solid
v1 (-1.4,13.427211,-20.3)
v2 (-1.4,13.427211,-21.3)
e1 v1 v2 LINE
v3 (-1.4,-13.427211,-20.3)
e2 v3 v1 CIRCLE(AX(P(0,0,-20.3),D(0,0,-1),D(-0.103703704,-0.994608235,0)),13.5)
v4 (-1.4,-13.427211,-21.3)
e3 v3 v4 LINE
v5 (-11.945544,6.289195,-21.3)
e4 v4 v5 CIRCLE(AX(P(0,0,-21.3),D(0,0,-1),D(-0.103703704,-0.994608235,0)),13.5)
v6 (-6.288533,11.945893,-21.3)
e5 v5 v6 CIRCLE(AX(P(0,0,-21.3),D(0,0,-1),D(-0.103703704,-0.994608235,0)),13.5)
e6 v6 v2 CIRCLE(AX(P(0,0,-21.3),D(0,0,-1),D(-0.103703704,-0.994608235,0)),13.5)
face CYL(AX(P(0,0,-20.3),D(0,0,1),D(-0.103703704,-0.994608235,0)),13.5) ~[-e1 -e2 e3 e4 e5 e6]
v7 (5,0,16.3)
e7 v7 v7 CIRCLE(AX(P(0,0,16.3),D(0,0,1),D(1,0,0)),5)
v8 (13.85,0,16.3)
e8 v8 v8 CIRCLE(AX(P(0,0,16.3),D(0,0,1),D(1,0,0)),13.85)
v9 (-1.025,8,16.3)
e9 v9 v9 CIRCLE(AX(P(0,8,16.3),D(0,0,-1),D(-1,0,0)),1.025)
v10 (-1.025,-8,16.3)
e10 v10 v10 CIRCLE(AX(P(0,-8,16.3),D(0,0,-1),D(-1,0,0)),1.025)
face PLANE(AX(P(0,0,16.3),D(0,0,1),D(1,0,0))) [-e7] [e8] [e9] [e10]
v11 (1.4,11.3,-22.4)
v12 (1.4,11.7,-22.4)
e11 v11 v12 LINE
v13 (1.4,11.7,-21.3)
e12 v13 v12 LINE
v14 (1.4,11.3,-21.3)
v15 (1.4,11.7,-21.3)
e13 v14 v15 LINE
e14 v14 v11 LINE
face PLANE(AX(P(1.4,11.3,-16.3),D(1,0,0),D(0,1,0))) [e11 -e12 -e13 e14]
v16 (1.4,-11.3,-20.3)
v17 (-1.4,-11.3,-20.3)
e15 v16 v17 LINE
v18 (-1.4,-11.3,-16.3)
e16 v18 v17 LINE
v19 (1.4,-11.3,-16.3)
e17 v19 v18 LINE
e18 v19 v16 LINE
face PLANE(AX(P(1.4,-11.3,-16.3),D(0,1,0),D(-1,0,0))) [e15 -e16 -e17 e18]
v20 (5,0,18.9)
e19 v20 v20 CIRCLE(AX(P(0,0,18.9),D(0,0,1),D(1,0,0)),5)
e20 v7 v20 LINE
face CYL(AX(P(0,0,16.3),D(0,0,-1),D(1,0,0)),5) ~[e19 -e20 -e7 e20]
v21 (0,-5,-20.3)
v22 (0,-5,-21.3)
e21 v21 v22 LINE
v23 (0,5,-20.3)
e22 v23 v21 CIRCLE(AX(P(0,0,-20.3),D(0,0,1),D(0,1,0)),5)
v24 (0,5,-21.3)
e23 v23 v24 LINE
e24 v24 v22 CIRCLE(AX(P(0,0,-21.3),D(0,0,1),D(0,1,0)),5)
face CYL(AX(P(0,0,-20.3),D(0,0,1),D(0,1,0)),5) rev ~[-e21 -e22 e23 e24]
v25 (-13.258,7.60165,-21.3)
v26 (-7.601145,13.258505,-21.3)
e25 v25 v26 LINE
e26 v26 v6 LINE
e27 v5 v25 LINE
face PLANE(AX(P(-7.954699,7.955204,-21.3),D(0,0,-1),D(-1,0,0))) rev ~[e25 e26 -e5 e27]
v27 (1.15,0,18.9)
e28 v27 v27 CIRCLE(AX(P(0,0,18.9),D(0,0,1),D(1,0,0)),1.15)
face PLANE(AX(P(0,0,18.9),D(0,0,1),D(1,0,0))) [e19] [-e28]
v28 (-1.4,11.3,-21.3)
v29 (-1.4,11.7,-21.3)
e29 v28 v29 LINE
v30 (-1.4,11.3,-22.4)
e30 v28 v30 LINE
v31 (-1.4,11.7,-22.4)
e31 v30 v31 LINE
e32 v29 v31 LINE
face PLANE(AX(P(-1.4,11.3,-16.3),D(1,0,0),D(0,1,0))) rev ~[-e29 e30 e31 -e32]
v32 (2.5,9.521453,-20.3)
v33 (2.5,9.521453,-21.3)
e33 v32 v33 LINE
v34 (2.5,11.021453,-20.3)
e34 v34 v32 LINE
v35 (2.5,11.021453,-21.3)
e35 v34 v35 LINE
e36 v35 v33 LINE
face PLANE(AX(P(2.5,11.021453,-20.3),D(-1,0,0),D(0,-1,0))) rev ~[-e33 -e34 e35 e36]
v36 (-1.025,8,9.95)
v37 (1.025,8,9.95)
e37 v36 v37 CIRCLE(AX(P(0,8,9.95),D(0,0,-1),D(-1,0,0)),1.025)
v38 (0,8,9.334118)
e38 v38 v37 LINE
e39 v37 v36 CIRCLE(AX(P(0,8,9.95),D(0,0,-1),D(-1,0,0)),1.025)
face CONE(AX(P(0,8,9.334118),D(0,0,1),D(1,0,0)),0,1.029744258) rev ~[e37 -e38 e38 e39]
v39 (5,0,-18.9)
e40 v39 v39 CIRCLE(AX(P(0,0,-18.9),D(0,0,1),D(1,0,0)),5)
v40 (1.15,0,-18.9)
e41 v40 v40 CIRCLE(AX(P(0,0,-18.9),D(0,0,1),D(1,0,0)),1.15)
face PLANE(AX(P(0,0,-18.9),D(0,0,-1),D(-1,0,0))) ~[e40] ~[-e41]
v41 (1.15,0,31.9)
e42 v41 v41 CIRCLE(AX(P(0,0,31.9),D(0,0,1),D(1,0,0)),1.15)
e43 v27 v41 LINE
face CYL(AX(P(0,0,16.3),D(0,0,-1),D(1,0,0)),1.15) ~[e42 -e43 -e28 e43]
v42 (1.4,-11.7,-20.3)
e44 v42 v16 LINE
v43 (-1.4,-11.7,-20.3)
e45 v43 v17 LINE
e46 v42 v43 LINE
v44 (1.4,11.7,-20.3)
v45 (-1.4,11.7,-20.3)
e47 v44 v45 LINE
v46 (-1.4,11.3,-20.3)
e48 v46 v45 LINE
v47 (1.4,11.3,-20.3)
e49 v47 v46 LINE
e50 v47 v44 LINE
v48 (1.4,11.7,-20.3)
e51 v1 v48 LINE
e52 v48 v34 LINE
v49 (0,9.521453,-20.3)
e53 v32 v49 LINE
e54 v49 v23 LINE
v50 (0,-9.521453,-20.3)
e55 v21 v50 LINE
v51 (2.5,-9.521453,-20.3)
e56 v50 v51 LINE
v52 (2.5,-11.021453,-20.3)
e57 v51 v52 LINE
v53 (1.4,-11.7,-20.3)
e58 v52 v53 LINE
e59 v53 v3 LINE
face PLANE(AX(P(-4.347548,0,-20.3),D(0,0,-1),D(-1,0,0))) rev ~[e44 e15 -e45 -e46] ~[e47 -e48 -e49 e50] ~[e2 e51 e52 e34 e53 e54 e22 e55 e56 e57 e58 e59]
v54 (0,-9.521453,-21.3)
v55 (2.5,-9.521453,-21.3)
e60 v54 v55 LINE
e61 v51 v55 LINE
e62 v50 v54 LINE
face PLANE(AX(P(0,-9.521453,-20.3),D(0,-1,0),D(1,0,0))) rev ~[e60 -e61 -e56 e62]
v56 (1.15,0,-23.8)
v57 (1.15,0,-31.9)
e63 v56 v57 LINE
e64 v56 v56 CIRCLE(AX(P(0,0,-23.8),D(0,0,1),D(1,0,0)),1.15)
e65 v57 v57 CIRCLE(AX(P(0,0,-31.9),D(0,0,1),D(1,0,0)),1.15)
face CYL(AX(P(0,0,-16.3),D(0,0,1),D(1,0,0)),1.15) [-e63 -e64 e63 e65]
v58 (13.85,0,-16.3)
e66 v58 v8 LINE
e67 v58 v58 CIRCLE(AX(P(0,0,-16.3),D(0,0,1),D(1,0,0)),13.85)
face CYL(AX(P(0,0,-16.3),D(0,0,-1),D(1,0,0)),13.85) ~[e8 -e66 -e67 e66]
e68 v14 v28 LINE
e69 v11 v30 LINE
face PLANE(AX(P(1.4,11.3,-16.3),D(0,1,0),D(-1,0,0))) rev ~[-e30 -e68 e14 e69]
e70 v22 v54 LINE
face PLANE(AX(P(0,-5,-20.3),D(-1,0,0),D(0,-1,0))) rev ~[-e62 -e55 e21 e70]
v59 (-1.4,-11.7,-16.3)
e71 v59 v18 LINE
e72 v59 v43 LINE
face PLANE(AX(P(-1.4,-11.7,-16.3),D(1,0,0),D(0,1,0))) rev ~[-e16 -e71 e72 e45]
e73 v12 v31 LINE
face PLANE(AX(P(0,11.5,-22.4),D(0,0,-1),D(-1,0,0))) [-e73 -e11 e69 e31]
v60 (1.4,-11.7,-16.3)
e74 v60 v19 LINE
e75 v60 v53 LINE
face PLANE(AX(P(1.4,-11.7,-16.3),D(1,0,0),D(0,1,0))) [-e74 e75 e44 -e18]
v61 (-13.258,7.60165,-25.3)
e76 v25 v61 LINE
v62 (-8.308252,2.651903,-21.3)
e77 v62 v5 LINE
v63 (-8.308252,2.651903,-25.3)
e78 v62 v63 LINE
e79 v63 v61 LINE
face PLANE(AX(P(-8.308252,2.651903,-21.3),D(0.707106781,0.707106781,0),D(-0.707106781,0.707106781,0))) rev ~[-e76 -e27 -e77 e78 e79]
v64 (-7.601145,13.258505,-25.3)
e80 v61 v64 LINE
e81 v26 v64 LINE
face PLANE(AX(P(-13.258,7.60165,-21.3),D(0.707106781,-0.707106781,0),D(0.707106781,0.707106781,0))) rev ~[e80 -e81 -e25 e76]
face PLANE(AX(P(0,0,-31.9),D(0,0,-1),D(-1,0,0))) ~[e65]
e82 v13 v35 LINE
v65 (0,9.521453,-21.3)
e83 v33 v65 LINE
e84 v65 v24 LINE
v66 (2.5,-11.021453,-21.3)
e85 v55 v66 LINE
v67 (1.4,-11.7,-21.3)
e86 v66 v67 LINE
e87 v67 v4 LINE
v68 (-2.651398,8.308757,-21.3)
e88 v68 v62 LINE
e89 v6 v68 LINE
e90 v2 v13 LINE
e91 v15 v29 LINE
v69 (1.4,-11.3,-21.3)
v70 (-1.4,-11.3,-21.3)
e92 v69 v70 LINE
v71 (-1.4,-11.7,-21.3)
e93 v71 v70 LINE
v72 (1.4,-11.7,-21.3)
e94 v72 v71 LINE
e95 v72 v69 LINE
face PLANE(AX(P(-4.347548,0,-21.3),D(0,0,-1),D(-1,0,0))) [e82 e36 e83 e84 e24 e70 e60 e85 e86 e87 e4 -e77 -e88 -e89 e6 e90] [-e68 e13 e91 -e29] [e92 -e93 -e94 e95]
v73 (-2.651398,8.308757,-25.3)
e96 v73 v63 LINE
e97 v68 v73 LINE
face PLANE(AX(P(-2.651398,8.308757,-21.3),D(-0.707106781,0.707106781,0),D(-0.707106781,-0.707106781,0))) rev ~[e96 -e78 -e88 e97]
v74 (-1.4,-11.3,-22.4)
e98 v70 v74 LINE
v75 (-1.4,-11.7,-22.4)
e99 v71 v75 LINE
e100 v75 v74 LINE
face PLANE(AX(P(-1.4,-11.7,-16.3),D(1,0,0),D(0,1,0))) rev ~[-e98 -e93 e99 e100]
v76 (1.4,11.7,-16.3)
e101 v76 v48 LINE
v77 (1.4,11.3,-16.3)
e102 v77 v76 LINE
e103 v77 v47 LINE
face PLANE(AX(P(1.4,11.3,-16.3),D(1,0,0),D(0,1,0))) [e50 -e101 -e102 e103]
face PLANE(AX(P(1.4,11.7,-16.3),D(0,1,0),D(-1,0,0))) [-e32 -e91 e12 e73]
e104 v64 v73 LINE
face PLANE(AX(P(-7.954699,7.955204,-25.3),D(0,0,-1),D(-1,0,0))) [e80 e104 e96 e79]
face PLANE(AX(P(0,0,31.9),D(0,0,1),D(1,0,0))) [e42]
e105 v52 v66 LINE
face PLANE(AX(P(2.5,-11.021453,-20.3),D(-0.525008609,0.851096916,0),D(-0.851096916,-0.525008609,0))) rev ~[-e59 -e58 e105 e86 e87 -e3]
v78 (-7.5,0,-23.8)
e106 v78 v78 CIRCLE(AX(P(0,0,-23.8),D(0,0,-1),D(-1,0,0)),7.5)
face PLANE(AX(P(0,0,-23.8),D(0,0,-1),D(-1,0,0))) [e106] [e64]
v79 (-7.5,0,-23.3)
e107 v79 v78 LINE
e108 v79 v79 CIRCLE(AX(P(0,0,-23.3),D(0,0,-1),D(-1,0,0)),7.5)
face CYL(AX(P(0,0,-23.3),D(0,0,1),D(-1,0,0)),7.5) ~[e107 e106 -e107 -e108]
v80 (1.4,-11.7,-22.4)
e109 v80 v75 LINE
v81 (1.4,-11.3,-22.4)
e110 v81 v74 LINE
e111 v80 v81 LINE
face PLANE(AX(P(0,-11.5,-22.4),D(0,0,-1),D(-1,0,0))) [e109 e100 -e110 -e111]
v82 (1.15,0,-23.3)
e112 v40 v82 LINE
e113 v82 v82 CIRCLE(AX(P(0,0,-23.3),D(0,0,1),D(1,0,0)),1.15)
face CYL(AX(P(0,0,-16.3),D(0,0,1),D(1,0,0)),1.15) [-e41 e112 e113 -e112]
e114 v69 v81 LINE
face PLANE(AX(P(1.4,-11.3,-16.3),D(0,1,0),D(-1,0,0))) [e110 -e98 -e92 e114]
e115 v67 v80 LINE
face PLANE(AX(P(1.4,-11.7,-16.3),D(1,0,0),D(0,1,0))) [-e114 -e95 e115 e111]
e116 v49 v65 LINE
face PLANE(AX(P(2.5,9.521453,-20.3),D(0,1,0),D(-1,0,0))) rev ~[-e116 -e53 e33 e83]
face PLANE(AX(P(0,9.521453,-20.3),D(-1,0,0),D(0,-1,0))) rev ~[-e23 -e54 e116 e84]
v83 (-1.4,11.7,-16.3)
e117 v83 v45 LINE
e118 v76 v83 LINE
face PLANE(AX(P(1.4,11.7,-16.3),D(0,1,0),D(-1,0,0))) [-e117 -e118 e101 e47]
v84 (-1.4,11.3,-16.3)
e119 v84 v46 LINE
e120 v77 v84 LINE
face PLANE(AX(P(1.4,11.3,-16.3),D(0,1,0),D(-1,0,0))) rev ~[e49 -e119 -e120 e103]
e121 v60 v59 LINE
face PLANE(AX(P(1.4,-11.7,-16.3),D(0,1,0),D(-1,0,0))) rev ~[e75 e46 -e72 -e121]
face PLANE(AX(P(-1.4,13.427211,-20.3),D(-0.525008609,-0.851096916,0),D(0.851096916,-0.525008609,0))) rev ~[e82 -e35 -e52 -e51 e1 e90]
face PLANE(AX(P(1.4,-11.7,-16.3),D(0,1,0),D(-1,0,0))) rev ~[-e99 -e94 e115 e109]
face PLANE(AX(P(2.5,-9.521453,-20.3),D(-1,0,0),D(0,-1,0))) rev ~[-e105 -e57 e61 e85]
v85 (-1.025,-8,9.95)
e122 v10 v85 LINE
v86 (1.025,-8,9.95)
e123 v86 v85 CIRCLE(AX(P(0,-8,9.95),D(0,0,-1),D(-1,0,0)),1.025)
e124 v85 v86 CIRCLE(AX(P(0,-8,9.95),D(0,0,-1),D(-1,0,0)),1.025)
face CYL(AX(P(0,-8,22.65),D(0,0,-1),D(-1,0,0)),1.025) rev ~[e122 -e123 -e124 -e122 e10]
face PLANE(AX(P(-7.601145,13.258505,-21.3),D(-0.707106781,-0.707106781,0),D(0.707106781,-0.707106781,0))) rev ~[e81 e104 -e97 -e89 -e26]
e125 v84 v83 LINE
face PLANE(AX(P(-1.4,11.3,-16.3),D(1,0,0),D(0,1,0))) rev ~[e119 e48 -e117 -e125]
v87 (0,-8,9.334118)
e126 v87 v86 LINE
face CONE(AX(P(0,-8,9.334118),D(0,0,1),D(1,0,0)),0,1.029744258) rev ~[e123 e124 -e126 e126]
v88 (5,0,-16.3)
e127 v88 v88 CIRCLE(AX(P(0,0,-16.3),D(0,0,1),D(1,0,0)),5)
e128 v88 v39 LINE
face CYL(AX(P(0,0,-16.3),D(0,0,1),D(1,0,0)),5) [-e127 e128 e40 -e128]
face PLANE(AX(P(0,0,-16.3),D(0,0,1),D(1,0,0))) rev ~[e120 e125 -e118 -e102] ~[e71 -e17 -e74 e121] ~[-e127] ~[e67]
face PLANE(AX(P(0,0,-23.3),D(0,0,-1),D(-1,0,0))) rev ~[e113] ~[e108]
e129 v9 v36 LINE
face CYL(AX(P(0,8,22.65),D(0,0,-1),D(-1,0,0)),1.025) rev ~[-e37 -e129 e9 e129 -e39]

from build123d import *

# Parameters (mm, degrees)
MAINBODY_DEPTH               = 16.3
MAINBODY_DEPTH_BACK          = 16.3
SKETCH1_R                    = 13.85
SKETCH2_R                    = 1.15
OUTPUTSHAFT_DEPTH            = 15.6
SKETCH2_3_R                  = 5
SKETCH2_3_R_2                = 1.15
OUTPUTBOSS_DEPTH             = 2.6
M2_5X0_45_TAPPED_HOLE1_D     = 2.05
M2_5X0_45_TAPPED_HOLE1_DEPTH = 6.35
M2_5X0_45_TAPPED_HOLE1_TIP   = 0.615882135
SKETCH5_W                    = 2.8
SKETCH5_H                    = 0.4
TERMINALS_DEPTH              = 6.1
PCB_START                    = 4
PCB_DEPTH                    = 1
ENCODER_START                = 7
SKETCH9_R                    = 7.5
ENCODER_DEPTH                = 0.5
CONNECTOR_DEPTH              = 4


with BuildPart() as part:
    # Sketch1 → MAINBODY (new, two sides: drawn at the far end of the back side and taken through both)
    with BuildSketch(Plane.XY.offset(-MAINBODY_DEPTH_BACK)):
        Circle(SKETCH1_R)
    extrude(amount=MAINBODY_DEPTH + MAINBODY_DEPTH_BACK)

    # Sketch2 → OUTPUTSHAFT (add)
    with BuildSketch(Plane.XY.offset(16.3)):
        Circle(SKETCH2_R)
    outputshaft = extrude(amount=OUTPUTSHAFT_DEPTH)

    # Sketch2<3> → OUTPUTBOSS (add)
    with BuildSketch(Plane.XY.offset(16.3)):
        Circle(SKETCH2_3_R)
        Circle(SKETCH2_3_R_2, mode=Mode.SUBTRACT)
    outputboss = extrude(amount=OUTPUTBOSS_DEPTH)

    # M2.5x0.45 Tapped Hole1
    with Locations(Plane.XY.offset(16.3)):
        with Locations((0, 8), (0, -8)):
            Hole(M2_5X0_45_TAPPED_HOLE1_D / 2, depth=M2_5X0_45_TAPPED_HOLE1_DEPTH)
            with Locations((0, 0, -(M2_5X0_45_TAPPED_HOLE1_DEPTH + M2_5X0_45_TAPPED_HOLE1_TIP / 2))):  # 118° drill point
                Cone(0, M2_5X0_45_TAPPED_HOLE1_D / 2, M2_5X0_45_TAPPED_HOLE1_TIP, mode=Mode.SUBTRACT)

    # REARSHAFT: OUTPUTSHAFT, OUTPUTBOSS across plane
    add(outputshaft.mirror(Plane.XY))
    add(outputboss.mirror(Plane.XY))

    # Sketch5 → TERMINALS (add)
    with BuildSketch(Plane(origin=(0, 0, -16.3), x_dir=(-1, 0, 0), z_dir=(0, 0, -1))):
        with Locations((0, 11.5)):
            Rectangle(SKETCH5_W, SKETCH5_H)
        with Locations((0, -11.5)):
            Rectangle(SKETCH5_W, SKETCH5_H)
    extrude(amount=TERMINALS_DEPTH)

    # Sketch8 → PCB (add)
    with BuildSketch(Plane(origin=(0, 0, -16.3), x_dir=(-1, 0, 0), z_dir=(0, 0, -1)).offset(PCB_START)):
        with BuildLine():
            Line((1.4, 13.427211177), (-2.5, 11.021452752))
            Line((-2.5, 11.021452752), (-2.5, 9.521452752))
            Line((-2.5, 9.521452752), (0, 9.521452752))
            Line((0, 9.521452752), (0, 5))
            ThreePointArc((0, 5), (5, 0), (0, -5))
            Line((0, -5), (0, -9.521452752))
            Line((0, -9.521452752), (-2.5, -9.521452752))
            Line((-2.5, -9.521452752), (-2.5, -11.021452752))
            Line((-2.5, -11.021452752), (1.4, -13.427211177))
            ThreePointArc((1.4, -13.427211177), (13.5, 0), (1.4, 13.427211177))
        make_face()
    extrude(amount=PCB_DEPTH)

    # Sketch9 → ENCODER (add)
    with BuildSketch(Plane(origin=(0, 0, -16.3), x_dir=(-1, 0, 0), z_dir=(0, 0, -1)).offset(ENCODER_START)):
        Circle(SKETCH9_R)
    extrude(amount=ENCODER_DEPTH)

    # Sketch10 → CONNECTOR (add)
    with BuildSketch(Plane(origin=(0, 0, -21.3), x_dir=(-1, 0, 0), z_dir=(0, 0, -1))):
        Polygon((2.651397898, 8.308757211), (8.308252147, 2.651902961), (13.257999616, 7.601650429), (7.601145366, 13.258504679), align=None)
    extrude(amount=CONNECTOR_DEPTH)


solid = part.part
